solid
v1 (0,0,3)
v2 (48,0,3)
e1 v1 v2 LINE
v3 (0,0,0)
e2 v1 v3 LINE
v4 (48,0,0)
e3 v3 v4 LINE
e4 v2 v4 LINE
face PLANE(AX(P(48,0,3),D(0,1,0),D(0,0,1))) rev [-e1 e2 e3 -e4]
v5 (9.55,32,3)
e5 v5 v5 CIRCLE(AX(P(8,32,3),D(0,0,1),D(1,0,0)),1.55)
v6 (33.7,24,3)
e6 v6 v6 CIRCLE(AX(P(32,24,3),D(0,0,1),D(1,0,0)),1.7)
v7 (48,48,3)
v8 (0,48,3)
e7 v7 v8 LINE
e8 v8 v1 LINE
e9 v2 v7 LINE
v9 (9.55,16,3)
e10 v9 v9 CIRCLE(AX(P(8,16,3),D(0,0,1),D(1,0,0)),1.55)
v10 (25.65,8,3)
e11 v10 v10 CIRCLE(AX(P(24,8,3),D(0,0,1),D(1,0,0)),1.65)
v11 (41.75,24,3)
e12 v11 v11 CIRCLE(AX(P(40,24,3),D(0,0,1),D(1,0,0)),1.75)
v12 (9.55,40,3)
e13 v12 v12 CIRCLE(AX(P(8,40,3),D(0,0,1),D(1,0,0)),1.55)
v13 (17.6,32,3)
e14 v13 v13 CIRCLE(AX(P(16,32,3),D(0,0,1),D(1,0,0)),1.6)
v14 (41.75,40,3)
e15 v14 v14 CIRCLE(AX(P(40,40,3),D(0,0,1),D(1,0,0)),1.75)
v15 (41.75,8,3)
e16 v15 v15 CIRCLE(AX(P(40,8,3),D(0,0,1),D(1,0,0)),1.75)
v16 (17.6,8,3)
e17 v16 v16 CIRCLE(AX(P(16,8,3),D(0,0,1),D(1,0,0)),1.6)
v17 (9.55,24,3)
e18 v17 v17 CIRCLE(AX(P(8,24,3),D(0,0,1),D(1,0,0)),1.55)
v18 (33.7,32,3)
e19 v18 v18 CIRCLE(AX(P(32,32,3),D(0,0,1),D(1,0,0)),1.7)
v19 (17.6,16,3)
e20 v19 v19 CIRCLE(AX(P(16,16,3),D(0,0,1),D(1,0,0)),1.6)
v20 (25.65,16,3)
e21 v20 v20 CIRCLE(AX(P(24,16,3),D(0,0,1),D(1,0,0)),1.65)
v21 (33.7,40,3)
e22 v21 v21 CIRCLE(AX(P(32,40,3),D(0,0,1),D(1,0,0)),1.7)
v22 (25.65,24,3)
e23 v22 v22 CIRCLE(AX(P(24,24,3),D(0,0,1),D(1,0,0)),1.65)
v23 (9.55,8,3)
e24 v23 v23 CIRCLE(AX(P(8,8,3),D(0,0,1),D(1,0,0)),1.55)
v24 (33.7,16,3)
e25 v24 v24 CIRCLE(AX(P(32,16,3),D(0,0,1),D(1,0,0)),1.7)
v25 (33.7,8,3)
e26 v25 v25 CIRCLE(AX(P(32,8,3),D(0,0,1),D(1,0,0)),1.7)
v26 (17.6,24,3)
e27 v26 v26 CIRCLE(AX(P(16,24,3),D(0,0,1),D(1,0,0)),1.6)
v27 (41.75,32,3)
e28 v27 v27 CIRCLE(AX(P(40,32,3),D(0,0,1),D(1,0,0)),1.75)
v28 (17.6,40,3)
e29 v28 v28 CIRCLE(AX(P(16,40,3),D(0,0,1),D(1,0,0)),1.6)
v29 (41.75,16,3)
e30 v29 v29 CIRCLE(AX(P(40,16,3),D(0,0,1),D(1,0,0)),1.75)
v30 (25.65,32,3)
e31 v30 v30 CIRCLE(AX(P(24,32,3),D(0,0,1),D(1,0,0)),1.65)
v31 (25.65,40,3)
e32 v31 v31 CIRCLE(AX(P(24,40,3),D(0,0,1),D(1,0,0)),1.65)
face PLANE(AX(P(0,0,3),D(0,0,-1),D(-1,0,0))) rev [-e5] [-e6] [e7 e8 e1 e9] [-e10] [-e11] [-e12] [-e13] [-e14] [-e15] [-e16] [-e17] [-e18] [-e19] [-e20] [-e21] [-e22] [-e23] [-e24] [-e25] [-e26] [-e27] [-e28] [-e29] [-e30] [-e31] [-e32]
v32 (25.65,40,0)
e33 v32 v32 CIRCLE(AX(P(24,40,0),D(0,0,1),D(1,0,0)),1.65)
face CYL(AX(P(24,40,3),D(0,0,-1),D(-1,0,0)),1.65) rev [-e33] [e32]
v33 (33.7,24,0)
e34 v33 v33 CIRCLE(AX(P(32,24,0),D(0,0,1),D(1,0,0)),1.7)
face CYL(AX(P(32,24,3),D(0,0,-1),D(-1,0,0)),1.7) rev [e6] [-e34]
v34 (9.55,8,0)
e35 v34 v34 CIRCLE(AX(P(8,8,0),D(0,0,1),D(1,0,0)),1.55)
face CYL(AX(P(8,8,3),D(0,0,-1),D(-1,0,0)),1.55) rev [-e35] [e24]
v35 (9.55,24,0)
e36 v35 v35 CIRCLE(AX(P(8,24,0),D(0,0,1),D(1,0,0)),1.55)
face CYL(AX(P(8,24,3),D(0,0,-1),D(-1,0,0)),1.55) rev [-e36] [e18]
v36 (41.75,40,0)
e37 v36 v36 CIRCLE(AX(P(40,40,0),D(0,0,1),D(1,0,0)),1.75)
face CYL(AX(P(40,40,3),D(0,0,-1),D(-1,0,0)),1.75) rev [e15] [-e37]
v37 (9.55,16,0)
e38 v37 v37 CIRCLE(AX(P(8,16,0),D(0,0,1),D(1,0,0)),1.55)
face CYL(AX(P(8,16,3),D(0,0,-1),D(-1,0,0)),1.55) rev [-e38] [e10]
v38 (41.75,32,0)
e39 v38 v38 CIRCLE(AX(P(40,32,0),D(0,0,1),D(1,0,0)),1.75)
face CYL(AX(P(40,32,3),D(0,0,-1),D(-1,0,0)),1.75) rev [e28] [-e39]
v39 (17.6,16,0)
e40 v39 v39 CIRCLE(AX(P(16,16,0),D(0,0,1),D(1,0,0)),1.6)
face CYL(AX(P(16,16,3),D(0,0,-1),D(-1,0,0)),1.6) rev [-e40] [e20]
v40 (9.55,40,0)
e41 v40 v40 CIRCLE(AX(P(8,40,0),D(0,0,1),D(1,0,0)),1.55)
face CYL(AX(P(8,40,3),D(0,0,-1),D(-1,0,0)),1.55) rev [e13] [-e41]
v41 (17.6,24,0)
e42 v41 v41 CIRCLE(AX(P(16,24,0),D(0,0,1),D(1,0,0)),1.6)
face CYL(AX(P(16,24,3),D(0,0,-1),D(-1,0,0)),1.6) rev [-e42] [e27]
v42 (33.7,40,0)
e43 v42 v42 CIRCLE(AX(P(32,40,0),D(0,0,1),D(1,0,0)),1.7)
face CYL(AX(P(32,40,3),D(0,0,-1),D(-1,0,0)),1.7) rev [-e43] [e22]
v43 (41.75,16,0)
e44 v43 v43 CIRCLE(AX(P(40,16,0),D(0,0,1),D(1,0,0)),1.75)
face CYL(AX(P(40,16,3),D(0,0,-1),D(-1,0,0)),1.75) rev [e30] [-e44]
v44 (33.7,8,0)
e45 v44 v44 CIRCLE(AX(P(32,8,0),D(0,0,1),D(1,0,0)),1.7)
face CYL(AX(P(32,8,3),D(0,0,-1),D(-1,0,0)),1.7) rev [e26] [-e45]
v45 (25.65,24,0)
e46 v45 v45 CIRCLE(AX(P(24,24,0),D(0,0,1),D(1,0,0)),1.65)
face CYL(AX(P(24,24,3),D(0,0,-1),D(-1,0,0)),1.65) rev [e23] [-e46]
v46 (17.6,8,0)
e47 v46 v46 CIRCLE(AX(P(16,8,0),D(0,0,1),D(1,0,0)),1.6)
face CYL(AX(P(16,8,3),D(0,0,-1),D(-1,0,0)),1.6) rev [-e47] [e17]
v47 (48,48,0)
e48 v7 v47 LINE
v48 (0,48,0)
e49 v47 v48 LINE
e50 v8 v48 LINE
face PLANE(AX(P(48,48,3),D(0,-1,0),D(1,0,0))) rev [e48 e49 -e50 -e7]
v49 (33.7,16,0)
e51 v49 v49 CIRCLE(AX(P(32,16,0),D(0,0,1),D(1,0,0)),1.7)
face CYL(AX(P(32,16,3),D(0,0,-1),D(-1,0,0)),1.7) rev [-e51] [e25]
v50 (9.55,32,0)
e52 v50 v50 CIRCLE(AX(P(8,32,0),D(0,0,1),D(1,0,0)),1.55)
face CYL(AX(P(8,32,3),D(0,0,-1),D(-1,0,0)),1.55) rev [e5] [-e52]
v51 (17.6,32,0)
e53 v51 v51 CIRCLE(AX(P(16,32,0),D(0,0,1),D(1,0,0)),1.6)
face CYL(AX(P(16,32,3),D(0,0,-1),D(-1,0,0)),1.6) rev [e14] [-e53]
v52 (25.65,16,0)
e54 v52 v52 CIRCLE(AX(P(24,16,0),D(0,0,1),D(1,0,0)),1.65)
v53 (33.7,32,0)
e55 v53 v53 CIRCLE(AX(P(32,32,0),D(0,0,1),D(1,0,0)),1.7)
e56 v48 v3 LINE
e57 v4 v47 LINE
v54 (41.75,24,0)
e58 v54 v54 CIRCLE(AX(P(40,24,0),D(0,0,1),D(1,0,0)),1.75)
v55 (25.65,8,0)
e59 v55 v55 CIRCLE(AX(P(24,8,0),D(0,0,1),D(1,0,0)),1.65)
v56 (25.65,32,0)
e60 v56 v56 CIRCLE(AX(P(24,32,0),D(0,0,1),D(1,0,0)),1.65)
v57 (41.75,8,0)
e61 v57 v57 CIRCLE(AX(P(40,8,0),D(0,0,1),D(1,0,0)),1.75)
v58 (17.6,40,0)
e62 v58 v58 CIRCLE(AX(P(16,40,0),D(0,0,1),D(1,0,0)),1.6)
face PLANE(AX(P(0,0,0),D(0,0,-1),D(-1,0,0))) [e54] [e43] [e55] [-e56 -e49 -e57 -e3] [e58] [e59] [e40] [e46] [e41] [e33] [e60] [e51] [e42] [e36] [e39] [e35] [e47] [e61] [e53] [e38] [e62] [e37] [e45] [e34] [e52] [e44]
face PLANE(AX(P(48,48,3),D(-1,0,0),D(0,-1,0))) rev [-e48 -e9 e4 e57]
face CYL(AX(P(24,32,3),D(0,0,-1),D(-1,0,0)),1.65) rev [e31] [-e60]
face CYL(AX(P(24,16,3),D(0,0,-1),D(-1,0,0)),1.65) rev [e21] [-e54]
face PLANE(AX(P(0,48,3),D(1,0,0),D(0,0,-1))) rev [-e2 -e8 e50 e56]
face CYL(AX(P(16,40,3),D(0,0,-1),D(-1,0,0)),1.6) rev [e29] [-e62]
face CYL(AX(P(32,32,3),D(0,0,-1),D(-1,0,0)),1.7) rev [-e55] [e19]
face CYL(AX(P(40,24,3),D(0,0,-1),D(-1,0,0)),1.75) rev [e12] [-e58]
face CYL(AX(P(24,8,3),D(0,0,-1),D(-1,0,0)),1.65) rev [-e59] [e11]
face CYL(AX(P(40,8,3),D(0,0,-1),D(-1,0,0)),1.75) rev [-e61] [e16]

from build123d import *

# Parameters (mm, degrees)
SKETCH_1_W      = 48
SKETCH_1_H      = 48
SKETCH_1_R      = 1.55
SKETCH_1_R_2    = 1.6
SKETCH_1_R_3    = 1.65
SKETCH_1_R_4    = 1.7
SKETCH_1_R_5    = 1.75
EXTRUDE_1_DEPTH = 3


with BuildPart() as part:
    # 草图1 → 凸台-拉伸1 (new body)
    with BuildSketch(Plane.XY):
        with Locations((24, 24)):
            Rectangle(SKETCH_1_W, SKETCH_1_H)
        with Locations((8, 8)):
            Circle(SKETCH_1_R, mode=Mode.SUBTRACT)
        with Locations((8, 16)):
            Circle(SKETCH_1_R, mode=Mode.SUBTRACT)
        with Locations((8, 24)):
            Circle(SKETCH_1_R, mode=Mode.SUBTRACT)
        with Locations((8, 32)):
            Circle(SKETCH_1_R, mode=Mode.SUBTRACT)
        with Locations((8, 40)):
            Circle(SKETCH_1_R, mode=Mode.SUBTRACT)
        with Locations((16, 8)):
            Circle(SKETCH_1_R_2, mode=Mode.SUBTRACT)
        with Locations((16, 16)):
            Circle(SKETCH_1_R_2, mode=Mode.SUBTRACT)
        with Locations((16, 24)):
            Circle(SKETCH_1_R_2, mode=Mode.SUBTRACT)
        with Locations((16, 32)):
            Circle(SKETCH_1_R_2, mode=Mode.SUBTRACT)
        with Locations((16, 40)):
            Circle(SKETCH_1_R_2, mode=Mode.SUBTRACT)
        with Locations((24, 8)):
            Circle(SKETCH_1_R_3, mode=Mode.SUBTRACT)
        with Locations((24, 16)):
            Circle(SKETCH_1_R_3, mode=Mode.SUBTRACT)
        with Locations((24, 24)):
            Circle(SKETCH_1_R_3, mode=Mode.SUBTRACT)
        with Locations((24, 32)):
            Circle(SKETCH_1_R_3, mode=Mode.SUBTRACT)
        with Locations((24, 40)):
            Circle(SKETCH_1_R_3, mode=Mode.SUBTRACT)
        with Locations((32, 8)):
            Circle(SKETCH_1_R_4, mode=Mode.SUBTRACT)
        with Locations((32, 16)):
            Circle(SKETCH_1_R_4, mode=Mode.SUBTRACT)
        with Locations((32, 24)):
            Circle(SKETCH_1_R_4, mode=Mode.SUBTRACT)
        with Locations((32, 32)):
            Circle(SKETCH_1_R_4, mode=Mode.SUBTRACT)
        with Locations((32, 40)):
            Circle(SKETCH_1_R_4, mode=Mode.SUBTRACT)
        with Locations((40, 8)):
            Circle(SKETCH_1_R_5, mode=Mode.SUBTRACT)
        with Locations((40, 16)):
            Circle(SKETCH_1_R_5, mode=Mode.SUBTRACT)
        with Locations((40, 24)):
            Circle(SKETCH_1_R_5, mode=Mode.SUBTRACT)
        with Locations((40, 32)):
            Circle(SKETCH_1_R_5, mode=Mode.SUBTRACT)
        with Locations((40, 40)):
            Circle(SKETCH_1_R_5, mode=Mode.SUBTRACT)
    extrude(amount=EXTRUDE_1_DEPTH)


solid = part.part
